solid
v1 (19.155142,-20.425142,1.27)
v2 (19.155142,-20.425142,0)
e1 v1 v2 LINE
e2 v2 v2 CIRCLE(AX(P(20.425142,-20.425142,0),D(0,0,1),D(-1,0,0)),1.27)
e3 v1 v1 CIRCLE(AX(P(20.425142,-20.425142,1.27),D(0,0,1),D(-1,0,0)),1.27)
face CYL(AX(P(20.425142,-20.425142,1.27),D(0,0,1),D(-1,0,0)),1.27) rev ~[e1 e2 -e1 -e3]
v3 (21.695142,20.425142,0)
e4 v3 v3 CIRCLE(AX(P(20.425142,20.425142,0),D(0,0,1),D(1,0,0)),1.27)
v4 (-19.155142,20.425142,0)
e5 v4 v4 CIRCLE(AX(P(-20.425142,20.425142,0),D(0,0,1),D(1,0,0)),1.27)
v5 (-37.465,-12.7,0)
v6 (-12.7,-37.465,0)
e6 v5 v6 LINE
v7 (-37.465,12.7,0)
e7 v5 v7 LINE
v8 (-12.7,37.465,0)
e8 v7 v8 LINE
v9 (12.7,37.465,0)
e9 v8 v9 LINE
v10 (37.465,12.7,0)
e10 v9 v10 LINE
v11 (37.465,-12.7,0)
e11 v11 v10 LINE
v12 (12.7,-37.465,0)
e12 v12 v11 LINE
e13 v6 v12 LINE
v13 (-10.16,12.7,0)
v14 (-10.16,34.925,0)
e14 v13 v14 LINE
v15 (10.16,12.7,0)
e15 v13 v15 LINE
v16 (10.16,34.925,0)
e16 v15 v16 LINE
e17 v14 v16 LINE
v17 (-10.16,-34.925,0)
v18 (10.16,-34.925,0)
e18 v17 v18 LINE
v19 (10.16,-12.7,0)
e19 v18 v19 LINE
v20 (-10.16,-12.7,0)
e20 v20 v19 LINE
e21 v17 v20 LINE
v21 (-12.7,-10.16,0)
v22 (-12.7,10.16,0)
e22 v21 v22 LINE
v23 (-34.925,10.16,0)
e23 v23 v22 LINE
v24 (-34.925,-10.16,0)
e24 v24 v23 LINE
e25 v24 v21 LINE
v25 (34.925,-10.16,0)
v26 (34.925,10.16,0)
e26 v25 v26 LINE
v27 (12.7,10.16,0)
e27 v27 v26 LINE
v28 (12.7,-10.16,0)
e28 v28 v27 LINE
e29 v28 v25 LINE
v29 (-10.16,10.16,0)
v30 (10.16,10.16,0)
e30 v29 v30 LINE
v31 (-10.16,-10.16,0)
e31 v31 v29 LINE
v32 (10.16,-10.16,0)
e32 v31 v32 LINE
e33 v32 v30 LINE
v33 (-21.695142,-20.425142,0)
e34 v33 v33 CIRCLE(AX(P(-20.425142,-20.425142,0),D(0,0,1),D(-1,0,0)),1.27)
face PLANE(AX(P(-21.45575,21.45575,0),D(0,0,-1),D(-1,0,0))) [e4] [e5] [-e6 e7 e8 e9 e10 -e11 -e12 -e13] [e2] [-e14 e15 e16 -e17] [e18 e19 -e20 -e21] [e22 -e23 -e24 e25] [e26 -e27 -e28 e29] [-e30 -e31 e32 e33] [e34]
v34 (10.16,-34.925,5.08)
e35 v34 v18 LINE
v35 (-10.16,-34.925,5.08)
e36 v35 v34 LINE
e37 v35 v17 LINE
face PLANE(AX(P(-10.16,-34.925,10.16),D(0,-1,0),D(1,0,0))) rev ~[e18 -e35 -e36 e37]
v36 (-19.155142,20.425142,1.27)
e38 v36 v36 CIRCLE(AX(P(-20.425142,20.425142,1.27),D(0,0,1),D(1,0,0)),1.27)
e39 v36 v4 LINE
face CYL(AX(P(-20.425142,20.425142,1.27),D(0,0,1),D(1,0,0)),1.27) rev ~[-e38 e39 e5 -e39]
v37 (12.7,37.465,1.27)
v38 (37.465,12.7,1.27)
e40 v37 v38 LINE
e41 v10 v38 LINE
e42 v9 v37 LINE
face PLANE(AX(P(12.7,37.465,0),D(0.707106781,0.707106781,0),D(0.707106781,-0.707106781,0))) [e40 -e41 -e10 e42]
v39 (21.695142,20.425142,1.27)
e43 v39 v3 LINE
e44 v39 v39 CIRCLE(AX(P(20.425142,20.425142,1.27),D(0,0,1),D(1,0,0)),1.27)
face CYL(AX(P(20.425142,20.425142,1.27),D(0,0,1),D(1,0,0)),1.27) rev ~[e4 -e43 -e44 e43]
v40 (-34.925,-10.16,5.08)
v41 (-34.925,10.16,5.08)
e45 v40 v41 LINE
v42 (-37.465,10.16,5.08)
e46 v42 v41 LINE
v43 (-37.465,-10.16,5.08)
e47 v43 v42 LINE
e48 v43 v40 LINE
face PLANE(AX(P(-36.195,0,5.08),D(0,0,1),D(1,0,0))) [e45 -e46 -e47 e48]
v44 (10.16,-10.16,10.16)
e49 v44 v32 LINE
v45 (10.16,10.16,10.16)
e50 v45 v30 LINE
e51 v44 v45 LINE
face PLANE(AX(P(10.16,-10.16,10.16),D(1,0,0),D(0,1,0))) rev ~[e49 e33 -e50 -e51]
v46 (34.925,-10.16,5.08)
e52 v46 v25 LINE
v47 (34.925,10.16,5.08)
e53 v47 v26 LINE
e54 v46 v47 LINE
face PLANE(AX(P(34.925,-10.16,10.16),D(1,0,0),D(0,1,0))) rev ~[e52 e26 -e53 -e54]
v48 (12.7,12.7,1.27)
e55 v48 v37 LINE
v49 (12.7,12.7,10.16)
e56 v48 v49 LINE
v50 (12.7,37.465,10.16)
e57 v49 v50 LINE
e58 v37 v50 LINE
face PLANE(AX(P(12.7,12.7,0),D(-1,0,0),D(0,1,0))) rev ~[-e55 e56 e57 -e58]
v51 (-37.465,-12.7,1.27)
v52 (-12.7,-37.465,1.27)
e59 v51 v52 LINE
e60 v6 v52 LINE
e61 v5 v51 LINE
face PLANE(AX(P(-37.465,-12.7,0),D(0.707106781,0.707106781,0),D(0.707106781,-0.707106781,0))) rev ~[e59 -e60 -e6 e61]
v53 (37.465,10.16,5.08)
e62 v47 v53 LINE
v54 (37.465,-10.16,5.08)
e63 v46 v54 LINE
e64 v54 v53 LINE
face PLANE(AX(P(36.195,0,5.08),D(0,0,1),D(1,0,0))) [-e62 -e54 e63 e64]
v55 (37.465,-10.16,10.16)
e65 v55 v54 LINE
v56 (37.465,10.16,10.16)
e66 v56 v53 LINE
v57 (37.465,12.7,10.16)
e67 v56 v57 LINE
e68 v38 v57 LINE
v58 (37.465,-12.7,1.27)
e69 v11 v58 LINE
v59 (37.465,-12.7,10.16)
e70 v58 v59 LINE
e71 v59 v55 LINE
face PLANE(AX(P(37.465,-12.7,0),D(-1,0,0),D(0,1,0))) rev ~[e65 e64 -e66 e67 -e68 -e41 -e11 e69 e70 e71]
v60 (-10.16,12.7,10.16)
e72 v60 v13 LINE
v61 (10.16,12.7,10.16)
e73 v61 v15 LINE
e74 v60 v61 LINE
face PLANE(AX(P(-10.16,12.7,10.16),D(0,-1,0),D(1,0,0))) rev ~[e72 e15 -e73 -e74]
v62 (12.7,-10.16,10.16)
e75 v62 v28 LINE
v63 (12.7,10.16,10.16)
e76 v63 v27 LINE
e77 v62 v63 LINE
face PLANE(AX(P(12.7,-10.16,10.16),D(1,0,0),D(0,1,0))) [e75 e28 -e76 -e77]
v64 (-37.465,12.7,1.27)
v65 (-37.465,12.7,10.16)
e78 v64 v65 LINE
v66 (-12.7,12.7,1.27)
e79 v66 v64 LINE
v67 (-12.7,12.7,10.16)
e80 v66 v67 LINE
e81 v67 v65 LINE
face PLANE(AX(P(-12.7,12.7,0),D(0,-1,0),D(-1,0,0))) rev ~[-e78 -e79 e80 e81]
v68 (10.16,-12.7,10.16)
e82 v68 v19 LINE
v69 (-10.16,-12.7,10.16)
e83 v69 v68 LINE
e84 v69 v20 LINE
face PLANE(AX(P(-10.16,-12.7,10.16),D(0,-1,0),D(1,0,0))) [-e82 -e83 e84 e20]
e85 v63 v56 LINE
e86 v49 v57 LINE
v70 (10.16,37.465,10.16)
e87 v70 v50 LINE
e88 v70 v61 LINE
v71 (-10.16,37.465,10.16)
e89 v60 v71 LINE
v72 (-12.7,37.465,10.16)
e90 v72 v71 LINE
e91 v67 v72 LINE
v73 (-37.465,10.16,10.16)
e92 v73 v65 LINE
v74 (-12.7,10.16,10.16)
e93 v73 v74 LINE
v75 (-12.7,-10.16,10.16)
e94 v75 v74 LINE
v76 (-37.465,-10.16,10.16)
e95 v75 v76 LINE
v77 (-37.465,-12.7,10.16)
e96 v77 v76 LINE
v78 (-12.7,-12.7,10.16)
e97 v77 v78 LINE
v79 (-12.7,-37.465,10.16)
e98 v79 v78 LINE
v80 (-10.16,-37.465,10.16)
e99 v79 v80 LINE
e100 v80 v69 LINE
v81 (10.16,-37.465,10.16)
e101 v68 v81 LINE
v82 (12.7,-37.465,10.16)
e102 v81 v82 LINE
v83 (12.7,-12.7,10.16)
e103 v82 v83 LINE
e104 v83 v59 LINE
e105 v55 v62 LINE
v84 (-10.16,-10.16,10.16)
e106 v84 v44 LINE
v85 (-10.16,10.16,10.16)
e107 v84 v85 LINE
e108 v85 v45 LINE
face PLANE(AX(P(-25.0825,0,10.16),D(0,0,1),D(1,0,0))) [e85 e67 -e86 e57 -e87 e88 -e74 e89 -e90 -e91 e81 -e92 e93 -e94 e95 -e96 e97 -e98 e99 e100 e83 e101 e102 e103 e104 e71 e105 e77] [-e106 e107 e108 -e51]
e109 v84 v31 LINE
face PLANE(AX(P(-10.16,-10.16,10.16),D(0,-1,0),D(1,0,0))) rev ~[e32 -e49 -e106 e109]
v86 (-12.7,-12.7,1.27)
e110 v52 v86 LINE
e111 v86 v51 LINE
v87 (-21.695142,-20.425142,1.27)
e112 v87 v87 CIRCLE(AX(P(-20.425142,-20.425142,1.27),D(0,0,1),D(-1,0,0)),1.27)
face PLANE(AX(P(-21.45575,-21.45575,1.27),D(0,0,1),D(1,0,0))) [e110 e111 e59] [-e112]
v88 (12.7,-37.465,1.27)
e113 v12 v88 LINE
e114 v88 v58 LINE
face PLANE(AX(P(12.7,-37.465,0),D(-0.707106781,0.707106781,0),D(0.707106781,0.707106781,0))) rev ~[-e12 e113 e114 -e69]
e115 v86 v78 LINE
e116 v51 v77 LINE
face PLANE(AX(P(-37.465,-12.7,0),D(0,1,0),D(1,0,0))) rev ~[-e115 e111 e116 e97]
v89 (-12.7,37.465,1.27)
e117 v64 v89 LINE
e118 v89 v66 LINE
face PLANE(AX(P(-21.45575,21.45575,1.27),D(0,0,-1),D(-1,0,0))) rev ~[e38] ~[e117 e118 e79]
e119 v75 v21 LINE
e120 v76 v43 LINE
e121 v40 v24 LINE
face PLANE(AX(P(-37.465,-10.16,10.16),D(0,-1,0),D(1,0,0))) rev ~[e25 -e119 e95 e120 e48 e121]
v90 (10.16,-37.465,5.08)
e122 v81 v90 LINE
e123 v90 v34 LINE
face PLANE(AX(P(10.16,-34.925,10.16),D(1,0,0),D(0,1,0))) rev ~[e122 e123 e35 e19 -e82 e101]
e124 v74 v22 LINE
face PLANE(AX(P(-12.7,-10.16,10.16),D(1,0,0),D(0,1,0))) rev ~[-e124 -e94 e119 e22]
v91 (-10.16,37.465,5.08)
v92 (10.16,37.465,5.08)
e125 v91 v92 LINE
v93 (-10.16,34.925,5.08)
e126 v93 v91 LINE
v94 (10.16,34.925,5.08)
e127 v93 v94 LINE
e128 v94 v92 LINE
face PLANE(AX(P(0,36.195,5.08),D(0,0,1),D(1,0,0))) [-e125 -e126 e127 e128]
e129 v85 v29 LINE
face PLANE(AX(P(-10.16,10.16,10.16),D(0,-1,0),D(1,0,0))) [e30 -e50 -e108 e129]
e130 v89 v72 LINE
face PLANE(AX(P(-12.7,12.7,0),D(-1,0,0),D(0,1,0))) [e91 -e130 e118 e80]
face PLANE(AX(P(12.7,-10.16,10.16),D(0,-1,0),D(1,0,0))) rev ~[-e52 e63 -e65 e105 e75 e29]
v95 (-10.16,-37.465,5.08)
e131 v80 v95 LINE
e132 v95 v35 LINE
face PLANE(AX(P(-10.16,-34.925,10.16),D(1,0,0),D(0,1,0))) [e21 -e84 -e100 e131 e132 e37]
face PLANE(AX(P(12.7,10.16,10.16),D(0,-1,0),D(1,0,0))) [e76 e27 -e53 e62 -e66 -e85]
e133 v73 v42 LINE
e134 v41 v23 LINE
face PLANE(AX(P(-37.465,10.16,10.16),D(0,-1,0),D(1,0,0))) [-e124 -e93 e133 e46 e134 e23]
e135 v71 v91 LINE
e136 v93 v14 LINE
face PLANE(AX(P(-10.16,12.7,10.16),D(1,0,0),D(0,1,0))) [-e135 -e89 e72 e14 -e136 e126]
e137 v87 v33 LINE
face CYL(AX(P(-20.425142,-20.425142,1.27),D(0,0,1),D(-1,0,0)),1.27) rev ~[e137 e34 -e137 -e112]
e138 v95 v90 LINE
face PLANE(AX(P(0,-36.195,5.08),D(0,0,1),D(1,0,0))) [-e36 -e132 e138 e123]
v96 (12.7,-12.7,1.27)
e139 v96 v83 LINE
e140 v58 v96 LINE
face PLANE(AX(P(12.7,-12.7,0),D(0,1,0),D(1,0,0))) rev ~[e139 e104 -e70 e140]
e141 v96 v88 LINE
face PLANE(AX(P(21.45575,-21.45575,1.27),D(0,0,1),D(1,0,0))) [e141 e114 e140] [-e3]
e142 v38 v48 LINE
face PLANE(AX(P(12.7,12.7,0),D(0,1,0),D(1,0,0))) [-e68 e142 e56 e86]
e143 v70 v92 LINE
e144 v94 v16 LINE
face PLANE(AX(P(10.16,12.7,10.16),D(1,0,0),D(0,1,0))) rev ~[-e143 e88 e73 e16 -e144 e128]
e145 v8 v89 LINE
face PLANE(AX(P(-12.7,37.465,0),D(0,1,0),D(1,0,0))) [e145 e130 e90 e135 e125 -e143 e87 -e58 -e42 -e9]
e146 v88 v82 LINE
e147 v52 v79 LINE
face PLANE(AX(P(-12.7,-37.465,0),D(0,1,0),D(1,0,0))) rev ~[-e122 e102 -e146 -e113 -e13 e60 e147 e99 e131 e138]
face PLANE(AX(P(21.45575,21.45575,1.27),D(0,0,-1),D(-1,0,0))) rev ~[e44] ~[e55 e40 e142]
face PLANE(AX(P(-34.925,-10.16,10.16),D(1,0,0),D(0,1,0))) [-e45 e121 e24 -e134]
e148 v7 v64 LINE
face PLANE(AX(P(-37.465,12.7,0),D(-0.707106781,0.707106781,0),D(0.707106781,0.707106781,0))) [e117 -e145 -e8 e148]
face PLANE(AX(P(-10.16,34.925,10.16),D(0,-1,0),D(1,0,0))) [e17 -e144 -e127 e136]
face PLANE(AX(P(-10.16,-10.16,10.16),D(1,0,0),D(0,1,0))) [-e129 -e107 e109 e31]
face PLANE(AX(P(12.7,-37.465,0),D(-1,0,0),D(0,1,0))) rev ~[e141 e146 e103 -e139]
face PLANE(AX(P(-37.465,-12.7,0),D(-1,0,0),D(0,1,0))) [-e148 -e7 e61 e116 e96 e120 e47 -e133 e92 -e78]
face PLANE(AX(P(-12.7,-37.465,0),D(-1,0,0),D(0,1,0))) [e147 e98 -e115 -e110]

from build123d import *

# Parameters (mm, degrees)
SKETCH1_W           = 24.765
SKETCH1_H           = 25.4
SKETCH1_W_2         = 25.4
SKETCH1_H_2         = 24.765
BOSS_EXTRUDE1_DEPTH = 10.16
SKETCH2_W           = 20.32
SKETCH2_H           = 20.32
SKETCH2_H_2         = 22.225
SKETCH2_W_2         = 22.225
CUT_EXTRUDE1_DEPTH  = 10.16
SKETCH4_W           = 20.32
SKETCH4_H           = 2.54
SKETCH4_W_2         = 2.54
SKETCH4_H_2         = 20.32
CUT_EXTRUDE2_DEPTH  = 5.08
BOSS_EXTRUDE2_DEPTH = 1.27
SKETCH6_R           = 1.27
CUT_EXTRUDE3_DEPTH  = 1.27


with BuildPart() as part:
    # Sketch1 → Boss-Extrude1 (new body)
    with BuildSketch(Plane.XY):
        with Locations((-25.0825, 0)):
            Rectangle(SKETCH1_W, SKETCH1_H)
        Rectangle(SKETCH1_W_2, SKETCH1_H)
        with Locations((0, 25.0825)):
            Rectangle(SKETCH1_W_2, SKETCH1_H_2)
        with Locations((25.0825, 0)):
            Rectangle(SKETCH1_W, SKETCH1_H)
        with Locations((0, -25.0825)):
            Rectangle(SKETCH1_W_2, SKETCH1_H_2)
    extrude(amount=BOSS_EXTRUDE1_DEPTH)

    # Sketch2 → Cut-Extrude1 (cut)
    with BuildSketch(Plane.XY.offset(10.16)):
        Rectangle(SKETCH2_W, SKETCH2_H)
        with Locations((0, 23.8125)):
            Rectangle(SKETCH2_W, SKETCH2_H_2)
        with Locations((0, -23.8125)):
            Rectangle(SKETCH2_W, SKETCH2_H_2)
        with Locations((-23.8125, 0)):
            Rectangle(SKETCH2_W_2, SKETCH2_H)
        with Locations((23.8125, 0)):
            Rectangle(SKETCH2_W_2, SKETCH2_H)
    extrude(amount=-CUT_EXTRUDE1_DEPTH, mode=Mode.SUBTRACT)

    # Sketch4 → Cut-Extrude2 (cut)
    with BuildSketch(Plane.XY.offset(10.16)):
        with Locations((0, 36.195)):
            Rectangle(SKETCH4_W, SKETCH4_H)
        with Locations((36.195, 0)):
            Rectangle(SKETCH4_W_2, SKETCH4_H_2)
        with Locations((-36.195, 0)):
            Rectangle(SKETCH4_W_2, SKETCH4_H_2)
        with Locations((0, -36.195)):
            Rectangle(SKETCH4_W, SKETCH4_H)
    extrude(amount=-CUT_EXTRUDE2_DEPTH, mode=Mode.SUBTRACT)

    # Sketch5 → Boss-Extrude2 (add)
    with BuildSketch(Plane.XY):
        Polygon((-37.465, 12.7), (-12.7, 37.465), (-12.7, 12.7), align=None)
        Polygon((12.7, 37.465), (37.465, 12.7), (12.7, 12.7), align=None)
        Polygon((37.465, -12.7), (12.7, -12.7), (12.7, -37.465), align=None)
        Polygon((-12.7, -37.465), (-12.7, -12.7), (-37.465, -12.7), align=None)
    extrude(amount=BOSS_EXTRUDE2_DEPTH)

    # Sketch6 → Cut-Extrude3 (cut)
    with BuildSketch(Plane.XY.offset(1.27)):
        with Locations((-20.425141584, 20.425141584)):
            Circle(SKETCH6_R)
        with Locations((20.425141584, 20.425141584)):
            Circle(SKETCH6_R)
        with Locations(Location((20.425141584, -20.425141584, 0), (0, 0, 180))):
            Circle(SKETCH6_R)
        with Locations(Location((-20.425141584, -20.425141584, 0), (0, 0, 180))):
            Circle(SKETCH6_R)
    extrude(amount=-CUT_EXTRUDE3_DEPTH, mode=Mode.SUBTRACT)


solid = part.part
